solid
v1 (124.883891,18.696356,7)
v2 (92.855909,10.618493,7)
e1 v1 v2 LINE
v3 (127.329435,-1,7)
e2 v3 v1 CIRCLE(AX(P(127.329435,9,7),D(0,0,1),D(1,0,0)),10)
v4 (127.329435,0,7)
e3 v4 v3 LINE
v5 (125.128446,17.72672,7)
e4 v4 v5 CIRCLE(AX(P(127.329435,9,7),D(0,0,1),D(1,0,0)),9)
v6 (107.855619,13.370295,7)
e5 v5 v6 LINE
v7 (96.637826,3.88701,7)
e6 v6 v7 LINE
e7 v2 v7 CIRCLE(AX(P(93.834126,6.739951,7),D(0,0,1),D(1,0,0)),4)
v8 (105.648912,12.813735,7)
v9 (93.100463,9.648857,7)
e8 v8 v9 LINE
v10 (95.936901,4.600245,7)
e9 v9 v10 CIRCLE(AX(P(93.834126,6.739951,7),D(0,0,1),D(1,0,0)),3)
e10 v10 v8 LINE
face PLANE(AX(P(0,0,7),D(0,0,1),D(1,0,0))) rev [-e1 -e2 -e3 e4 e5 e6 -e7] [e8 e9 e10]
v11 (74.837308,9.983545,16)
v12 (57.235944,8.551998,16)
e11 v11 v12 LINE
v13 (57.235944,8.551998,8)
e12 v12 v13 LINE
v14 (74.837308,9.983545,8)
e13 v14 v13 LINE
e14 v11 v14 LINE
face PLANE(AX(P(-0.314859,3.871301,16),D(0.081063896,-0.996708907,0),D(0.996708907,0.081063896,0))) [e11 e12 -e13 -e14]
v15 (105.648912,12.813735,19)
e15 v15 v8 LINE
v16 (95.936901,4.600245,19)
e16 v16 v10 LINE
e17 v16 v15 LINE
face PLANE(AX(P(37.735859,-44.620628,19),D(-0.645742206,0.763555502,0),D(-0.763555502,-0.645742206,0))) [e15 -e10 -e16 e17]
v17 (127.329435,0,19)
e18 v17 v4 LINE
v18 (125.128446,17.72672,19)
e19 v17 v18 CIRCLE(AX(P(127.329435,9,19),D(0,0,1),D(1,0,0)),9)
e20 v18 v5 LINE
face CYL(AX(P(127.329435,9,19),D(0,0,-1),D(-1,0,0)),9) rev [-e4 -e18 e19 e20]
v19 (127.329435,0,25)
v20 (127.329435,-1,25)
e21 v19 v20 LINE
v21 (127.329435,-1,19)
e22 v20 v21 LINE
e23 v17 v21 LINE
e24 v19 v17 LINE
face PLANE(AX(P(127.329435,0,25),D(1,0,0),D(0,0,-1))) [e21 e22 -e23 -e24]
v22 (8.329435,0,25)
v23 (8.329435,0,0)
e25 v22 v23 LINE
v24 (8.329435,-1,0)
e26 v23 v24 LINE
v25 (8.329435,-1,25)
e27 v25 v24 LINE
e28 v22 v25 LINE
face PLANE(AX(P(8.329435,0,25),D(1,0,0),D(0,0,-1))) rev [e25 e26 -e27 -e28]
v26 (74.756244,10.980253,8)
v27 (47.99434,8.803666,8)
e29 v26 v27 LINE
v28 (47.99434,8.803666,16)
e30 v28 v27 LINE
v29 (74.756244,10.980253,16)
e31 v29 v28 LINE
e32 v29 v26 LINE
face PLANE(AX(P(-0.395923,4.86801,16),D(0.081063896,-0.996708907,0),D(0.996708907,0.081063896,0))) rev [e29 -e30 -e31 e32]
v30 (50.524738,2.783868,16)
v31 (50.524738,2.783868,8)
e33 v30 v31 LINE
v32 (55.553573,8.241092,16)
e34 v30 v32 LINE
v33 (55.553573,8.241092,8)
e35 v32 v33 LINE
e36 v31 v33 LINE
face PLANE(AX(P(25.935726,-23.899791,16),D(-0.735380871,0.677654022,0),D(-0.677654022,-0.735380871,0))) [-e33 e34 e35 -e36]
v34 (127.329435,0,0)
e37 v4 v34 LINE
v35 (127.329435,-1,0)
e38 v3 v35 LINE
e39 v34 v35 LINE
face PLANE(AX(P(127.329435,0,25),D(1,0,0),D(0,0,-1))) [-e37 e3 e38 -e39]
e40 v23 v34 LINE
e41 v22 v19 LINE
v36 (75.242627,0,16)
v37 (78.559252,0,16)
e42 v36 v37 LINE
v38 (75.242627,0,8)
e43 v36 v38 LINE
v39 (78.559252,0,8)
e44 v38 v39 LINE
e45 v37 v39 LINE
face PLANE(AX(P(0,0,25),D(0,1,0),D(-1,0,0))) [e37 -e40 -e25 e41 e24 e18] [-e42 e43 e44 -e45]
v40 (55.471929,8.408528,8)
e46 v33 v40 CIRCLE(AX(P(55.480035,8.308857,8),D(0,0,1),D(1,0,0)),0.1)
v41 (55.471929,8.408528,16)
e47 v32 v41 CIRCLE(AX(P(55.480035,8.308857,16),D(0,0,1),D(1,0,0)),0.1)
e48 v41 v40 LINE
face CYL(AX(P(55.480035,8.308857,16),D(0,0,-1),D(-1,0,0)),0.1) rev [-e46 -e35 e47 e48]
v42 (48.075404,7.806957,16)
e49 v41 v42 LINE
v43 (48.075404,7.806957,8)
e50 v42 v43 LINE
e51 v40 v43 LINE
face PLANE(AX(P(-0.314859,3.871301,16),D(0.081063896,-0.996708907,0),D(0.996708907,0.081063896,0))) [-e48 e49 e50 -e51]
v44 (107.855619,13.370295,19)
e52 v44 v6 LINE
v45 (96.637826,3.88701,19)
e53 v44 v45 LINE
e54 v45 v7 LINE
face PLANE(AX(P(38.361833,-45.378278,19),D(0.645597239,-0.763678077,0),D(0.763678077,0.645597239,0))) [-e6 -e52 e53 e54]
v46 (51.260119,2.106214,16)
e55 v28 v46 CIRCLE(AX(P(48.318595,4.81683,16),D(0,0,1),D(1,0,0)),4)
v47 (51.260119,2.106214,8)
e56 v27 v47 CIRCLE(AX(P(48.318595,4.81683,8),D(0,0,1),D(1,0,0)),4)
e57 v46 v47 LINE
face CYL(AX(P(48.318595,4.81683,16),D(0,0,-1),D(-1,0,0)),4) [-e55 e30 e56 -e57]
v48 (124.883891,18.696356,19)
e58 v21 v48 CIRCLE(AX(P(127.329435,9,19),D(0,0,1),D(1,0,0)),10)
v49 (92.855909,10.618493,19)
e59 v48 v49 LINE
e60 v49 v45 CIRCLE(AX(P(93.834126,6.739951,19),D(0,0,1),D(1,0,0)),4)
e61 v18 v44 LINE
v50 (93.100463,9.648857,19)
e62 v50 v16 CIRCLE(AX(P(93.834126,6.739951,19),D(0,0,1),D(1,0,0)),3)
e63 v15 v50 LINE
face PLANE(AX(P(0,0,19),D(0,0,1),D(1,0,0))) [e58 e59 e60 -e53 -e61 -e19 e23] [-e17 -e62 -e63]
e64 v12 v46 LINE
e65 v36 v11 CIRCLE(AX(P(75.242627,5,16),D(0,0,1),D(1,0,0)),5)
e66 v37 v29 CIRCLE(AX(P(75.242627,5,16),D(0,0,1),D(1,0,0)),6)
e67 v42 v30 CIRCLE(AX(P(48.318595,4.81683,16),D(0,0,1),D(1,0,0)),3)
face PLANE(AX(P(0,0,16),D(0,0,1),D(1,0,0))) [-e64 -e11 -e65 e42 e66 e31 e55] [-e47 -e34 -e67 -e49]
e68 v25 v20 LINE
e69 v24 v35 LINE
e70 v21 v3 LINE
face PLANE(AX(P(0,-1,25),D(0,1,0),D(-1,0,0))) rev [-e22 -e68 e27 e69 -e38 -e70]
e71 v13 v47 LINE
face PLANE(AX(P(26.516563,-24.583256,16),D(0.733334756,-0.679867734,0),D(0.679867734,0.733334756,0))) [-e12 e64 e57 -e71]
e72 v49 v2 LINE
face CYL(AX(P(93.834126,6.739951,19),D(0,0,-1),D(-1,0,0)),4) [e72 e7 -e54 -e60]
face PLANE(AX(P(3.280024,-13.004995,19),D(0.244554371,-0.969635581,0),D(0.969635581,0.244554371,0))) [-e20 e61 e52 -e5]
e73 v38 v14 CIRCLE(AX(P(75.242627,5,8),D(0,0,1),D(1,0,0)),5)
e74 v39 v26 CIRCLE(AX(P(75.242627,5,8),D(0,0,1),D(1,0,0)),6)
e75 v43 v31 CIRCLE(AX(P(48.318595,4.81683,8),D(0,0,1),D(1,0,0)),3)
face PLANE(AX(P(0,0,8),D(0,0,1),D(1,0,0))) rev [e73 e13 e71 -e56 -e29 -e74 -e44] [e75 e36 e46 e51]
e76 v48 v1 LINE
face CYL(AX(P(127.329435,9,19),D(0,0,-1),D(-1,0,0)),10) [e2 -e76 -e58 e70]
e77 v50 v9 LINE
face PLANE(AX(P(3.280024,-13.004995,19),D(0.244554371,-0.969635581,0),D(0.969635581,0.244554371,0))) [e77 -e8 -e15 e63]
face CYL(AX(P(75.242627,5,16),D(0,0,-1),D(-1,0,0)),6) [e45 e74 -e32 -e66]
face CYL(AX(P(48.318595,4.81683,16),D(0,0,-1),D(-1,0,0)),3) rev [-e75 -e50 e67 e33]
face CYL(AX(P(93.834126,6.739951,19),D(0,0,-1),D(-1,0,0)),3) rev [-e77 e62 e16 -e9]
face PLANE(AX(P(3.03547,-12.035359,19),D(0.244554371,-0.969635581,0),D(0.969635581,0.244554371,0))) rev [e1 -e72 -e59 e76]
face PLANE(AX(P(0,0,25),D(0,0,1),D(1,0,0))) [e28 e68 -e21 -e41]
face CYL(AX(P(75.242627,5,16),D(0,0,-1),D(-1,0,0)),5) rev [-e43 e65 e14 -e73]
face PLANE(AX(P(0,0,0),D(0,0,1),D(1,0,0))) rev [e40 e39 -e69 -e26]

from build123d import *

# Parameters (mm, degrees)
BOSS_EXTRUDE1_START = 8
BOSS_EXTRUDE1_DEPTH = 8
BOSS_EXTRUDE2_START = 7
BOSS_EXTRUDE2_DEPTH = 12
BOSS_EXTRUDE3_DEPTH = 25


with BuildPart() as part:
    # Sketch1 → Boss-Extrude1 (new body)
    with BuildSketch(Plane.XY.offset(BOSS_EXTRUDE1_START)):
        with BuildLine():
            ThreePointArc((74.83730752, 9.983544534), (80.238511438, 5.202826688), (75.242626998, 0))
            Line((75.242626998, 0), (78.559251789, 0))
            ThreePointArc((78.559251789, 0), (80.9122, 6.963655259), (74.756243624, 10.980253441))
            Line((74.756243624, 10.980253441), (47.994339706, 8.803665899))
            ThreePointArc((47.994339706, 8.803665899), (44.723252789, 3.063686722), (51.260118774, 2.106214182))
            Line((51.260118774, 2.106214182), (57.235944241, 8.551998103))
            Line((57.235944241, 8.551998103), (74.83730752, 9.983544534))
        make_face()
        with BuildLine():
            Line((55.553573418, 8.241091684), (50.524737903, 2.783868204))
            ThreePointArc((50.524737903, 2.783868204), (45.622088414, 3.501972609), (48.075403602, 7.806956992))
            Line((48.075403602, 7.806956992), (55.471928941, 8.408527977))
            ThreePointArc((55.471928941, 8.408527977), (55.569918893, 8.352685675), (55.553573418, 8.241091684))
        make_face(mode=Mode.SUBTRACT)
    extrude(amount=BOSS_EXTRUDE1_DEPTH)



with BuildPart() as body_2:
    # Sketch1<5> → Boss-Extrude2 (new body)
    with BuildSketch(Plane.XY.offset(BOSS_EXTRUDE2_START)):
        with BuildLine():
            Line((127.329435135, 0), (127.329435135, -1))
            ThreePointArc((127.329435135, -1), (137.253233755, 10.232161094), (124.883891422, 18.696355808))
            Line((124.883891422, 18.696355808), (92.855908874, 10.61849306))
            ThreePointArc((92.855908874, 10.61849306), (90.346819157, 4.780693613), (96.637825713, 3.88701016))
            Line((96.637825713, 3.88701016), (107.85561912, 13.370294626))
            Line((107.85561912, 13.370294626), (125.128445793, 17.726720227))
            ThreePointArc((125.128445793, 17.726720227), (136.260853893, 10.108944985), (127.329435135, 0))
        make_face()
        with BuildLine():
            Line((105.648911717, 12.813735076), (95.936900874, 4.600245304))
            ThreePointArc((95.936900874, 4.600245304), (91.218645958, 5.270507894), (93.100463246, 9.648857479))
            Line((93.100463246, 9.648857479), (105.648911717, 12.813735076))
        make_face(mode=Mode.SUBTRACT)
    extrude(amount=BOSS_EXTRUDE2_DEPTH)


with BuildPart() as part_1:
    add(part.part)

    add(body_2.part)  # Boss-Extrude3 merges body 2
    # Sketch1<6> → Boss-Extrude3 (add)
    with BuildSketch(Plane.XY):
        Polygon((75.242626998, 0), (8.329435135, 0), (8.329435135, -1), (127.329435135, -1), (127.329435135, 0), (78.559251789, 0), align=None)
    extrude(amount=BOSS_EXTRUDE3_DEPTH)


solid = part_1.part
